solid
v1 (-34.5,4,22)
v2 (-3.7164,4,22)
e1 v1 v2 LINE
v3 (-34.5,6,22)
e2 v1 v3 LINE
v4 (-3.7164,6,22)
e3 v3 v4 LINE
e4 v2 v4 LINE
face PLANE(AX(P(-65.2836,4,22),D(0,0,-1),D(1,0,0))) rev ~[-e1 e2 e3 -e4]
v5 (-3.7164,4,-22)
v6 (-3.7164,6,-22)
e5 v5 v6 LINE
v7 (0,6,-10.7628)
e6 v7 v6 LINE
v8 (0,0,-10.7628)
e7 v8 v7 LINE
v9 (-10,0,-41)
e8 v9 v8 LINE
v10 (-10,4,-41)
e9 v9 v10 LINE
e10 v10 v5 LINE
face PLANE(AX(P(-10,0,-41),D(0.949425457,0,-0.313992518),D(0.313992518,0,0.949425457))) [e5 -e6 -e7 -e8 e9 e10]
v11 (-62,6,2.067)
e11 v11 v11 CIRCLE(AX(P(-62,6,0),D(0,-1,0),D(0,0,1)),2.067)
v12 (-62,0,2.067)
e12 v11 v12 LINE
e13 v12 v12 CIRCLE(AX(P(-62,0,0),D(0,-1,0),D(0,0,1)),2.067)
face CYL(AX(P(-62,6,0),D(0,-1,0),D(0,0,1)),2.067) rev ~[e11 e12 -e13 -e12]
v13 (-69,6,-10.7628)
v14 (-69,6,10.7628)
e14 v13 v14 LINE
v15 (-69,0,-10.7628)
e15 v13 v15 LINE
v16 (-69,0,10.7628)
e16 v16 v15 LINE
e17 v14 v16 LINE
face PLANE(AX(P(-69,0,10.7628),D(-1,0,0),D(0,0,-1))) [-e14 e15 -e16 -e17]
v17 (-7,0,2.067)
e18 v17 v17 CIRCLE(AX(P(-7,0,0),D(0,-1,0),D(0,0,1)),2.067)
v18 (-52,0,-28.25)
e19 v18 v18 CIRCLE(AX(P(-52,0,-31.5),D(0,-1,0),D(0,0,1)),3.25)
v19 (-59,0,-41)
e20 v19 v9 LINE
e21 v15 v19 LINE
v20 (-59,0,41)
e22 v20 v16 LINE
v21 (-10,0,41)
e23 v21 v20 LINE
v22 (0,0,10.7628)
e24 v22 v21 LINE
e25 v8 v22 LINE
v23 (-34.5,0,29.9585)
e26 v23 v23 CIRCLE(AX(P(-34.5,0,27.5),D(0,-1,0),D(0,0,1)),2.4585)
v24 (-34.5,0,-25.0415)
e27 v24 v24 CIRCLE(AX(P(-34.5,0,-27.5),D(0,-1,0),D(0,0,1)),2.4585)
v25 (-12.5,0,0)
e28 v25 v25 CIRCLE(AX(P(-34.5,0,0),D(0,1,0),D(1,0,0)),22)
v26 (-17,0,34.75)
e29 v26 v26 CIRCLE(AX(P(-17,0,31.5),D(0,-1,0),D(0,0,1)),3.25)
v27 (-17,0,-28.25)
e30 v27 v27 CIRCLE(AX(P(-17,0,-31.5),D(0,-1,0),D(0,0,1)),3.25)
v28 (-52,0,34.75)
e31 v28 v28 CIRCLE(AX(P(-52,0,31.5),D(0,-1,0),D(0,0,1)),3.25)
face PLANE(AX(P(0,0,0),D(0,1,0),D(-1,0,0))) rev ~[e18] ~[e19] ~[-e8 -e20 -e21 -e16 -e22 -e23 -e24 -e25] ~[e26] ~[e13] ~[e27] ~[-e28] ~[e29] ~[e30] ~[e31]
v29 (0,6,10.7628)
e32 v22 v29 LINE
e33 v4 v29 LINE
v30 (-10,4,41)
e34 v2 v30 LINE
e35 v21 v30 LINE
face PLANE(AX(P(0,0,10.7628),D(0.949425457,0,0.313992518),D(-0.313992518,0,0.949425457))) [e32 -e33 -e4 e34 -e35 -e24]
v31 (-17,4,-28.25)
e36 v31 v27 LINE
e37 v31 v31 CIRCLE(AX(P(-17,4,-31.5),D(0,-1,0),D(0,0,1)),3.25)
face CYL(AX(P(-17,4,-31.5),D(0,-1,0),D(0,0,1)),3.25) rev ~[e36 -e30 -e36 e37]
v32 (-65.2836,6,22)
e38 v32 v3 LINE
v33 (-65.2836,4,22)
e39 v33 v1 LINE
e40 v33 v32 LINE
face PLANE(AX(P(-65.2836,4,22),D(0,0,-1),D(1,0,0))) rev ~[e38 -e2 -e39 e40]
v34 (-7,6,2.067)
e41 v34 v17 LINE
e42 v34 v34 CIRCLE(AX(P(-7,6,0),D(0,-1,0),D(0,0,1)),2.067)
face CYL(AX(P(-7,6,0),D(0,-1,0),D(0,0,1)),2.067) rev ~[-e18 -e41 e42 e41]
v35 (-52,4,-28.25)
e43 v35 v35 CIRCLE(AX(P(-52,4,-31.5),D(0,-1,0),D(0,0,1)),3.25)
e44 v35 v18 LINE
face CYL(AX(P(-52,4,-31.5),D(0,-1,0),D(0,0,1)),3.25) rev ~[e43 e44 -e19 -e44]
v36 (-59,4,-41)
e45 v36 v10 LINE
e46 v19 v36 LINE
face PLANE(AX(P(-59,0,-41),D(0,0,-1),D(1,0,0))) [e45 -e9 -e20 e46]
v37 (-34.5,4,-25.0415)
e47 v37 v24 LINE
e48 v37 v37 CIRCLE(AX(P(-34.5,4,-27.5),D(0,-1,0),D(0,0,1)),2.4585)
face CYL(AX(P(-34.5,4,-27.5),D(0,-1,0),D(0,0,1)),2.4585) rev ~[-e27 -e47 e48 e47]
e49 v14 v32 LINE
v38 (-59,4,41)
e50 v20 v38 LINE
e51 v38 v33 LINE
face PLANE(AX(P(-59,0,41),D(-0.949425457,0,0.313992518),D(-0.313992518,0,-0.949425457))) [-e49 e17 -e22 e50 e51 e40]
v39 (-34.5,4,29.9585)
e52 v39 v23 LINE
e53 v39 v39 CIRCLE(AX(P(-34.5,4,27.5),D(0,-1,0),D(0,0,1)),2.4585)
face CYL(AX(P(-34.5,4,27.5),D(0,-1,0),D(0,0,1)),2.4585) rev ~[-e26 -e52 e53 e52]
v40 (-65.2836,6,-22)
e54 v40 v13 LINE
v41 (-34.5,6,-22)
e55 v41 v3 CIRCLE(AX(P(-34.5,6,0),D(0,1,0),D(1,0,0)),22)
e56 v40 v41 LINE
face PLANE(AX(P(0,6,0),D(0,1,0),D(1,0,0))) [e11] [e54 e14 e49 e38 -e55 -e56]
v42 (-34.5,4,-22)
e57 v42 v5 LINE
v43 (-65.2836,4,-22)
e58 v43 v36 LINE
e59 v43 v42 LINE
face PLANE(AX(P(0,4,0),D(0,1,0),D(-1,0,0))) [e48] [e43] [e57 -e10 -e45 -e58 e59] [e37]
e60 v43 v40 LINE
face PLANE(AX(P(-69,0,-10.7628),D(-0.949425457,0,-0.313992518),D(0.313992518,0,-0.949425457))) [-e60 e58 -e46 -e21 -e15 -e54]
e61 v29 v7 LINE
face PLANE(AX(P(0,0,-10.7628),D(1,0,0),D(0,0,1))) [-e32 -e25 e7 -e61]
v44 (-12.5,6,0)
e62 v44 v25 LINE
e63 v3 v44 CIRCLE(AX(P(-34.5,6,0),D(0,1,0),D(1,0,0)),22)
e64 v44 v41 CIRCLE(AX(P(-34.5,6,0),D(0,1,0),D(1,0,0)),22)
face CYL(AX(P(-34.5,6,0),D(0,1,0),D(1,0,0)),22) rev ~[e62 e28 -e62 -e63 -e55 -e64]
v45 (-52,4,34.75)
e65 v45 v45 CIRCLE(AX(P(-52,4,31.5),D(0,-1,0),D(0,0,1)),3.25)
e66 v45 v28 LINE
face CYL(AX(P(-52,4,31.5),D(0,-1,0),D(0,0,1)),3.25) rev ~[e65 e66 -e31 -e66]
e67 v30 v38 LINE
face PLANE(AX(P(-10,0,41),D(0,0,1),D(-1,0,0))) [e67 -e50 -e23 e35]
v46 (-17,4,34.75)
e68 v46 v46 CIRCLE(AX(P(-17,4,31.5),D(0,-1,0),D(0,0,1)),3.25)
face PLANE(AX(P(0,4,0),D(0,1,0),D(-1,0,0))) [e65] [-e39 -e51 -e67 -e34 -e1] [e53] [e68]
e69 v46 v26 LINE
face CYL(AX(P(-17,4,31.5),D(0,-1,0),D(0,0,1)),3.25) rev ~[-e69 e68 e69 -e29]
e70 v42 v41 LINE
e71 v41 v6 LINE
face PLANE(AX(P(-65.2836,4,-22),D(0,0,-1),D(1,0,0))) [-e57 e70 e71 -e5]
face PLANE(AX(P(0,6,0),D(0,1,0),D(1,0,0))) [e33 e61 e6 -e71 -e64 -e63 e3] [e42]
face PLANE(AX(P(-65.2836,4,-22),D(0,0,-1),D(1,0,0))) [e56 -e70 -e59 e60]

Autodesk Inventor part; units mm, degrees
ref_plane "YZ Plane" through (0, 0, 0) normal (1, 0, 0) x (0, 1, 0)
ref_plane "XZ Plane" through (0, 0, 0) normal (0, 1, 0) x (-1, 0, 0)
sketch "Skizze1" plane through (0, 0, 0) normal (0, 1, 0) x (-1, 0, 0)
  line L0 (0, 10.7628) -> (10, 41)
  line L1 (10, 41) -> (59, 41)
  line L2 (59, 41) -> (69, 10.7628)
  line L3 (69, 10.7628) -> (69, -10.7628)
  line L4 (69, -10.7628) -> (59, -41)
  line L5 (59, -41) -> (10, -41)
  line L6 (10, -41) -> (0, -10.7628)
  line L7 (0, -10.7628) -> (0, 10.7628)
  line L8 (34.5, 41) -> (34.5, -41) construction
  line L9 (0, 0) -> (92.3843, 0) construction
  dimension "d0" = 69
  dimension "d1" = 18.3
  dimension "d2" = 49
  dimension "d4" = 82
  dimension "d5" = 18.3
  dimension "d6" = 18.3
  dimension "d7" = 18.3
extrude "Extrusion1" add sketch "Skizze1" along normal blind 4
sketch "Skizze2" plane through (0, 4, 0) normal (0, 1, 0) x (1, 0, 0)
  line L0 (-69, -10.7628) -> (-59, -41) projected
  line L1 (-65.2836, -22) -> (-3.7164, -22)
  line L2 (-59, -41) -> (-10, -41) projected
  line L3 (-59, 41) -> (-69, 10.7628) projected
  line L4 (-65.2836, 22) -> (-3.7164, 22)
  line L5 (0, 10.7628) -> (-10, 41) projected
  line L6 (0, 0) -> (-69, 0) construction
  line L7 (-69, 10.7628) -> (-69, -10.7628) projected
  line L8 (0, -10.7628) -> (0, 10.7628) projected
  line L9 (-10, -41) -> (0, -10.7628) projected
  dimension "d10" = 44
extrude "Extrusion2" add sketch "Skizze2" along normal blind 2 contours L7 L3 L4 L5 L8 L9 L1 L0
sketch "Skizze3" plane through (0, 6, 0) normal (0, 1, 0) x (1, 0, 0)
  circle A0 centre (-34.5, 0) radius 22
  line L0 (0, -10.7628) -> (0, 10.7628) projected
  line L1 (-59, -41) -> (-10, -41) projected
  point P0 (0, 0)
  point P1 (0, 0)
  point P2 (-34.5, -41)
  dimension "d13" = 44
extrude "Extrusion3" cut sketch "Skizze3" against normal up to surface (6 mm away)
sketch "Skizze4" plane through (0, 4, 0) normal (0, 1, 0) x (1, 0, 0)
  line L0 (-10, 41) -> (-59, 41) projected
  line L1 (0, 0) -> (-69, 0) construction
  line L2 (-69, 10.7628) -> (-69, -10.7628) projected
  point P0 (-34.5, 27.5)
  point P1 (-34.5, -27.5)
  point P2 (-34.5, 41)
  dimension "d16" = 55
hole "Bohrung1" at (-34.5, 4, -27.5) at (-34.5, 4, 27.5) direction (0, -1, 0) diameter 4.917 end through all thread size "M6x1" class "6H" standard "ISO Metric profile"
sketch "Skizze5" plane through (0, 4, 0) normal (0, 1, 0) x (1, 0, 0)
  line L0 (-10, 41) -> (-59, 41) projected
  line L1 (-34.5, 41) -> (-34.5, 22) construction
  line L2 (0, 0) -> (-76.2503, 0) construction
  point P0 (-17, 31.5)
  point P1 (-52, 31.5)
  point P2 (-34.5, 31.5)
  point P3 (-17, -31.5)
  point P4 (-52, -31.5)
  dimension "d31" = 35
  dimension "d42" = 35
  dimension "d43" = 63
hole "Bohrung2" at (-17, 4, -31.5) at (-52, 4, -31.5) at (-17, 4, 31.5) at (-52, 4, 31.5) direction (0, -1, 0) diameter 6.5 end through all
sketch "Skizze6" plane through (0, 6, 0) normal (0, 1, 0) x (1, 0, 0)
  line L0 (0, -10.7628) -> (0, 10.7628) projected
  line L1 (-10, 41) -> (-59, 41) projected
  line L2 (-34.5, 41) -> (-34.5, -41) construction
  line L3 (-59, -41) -> (-10, -41) projected
  point P0 (0, 0)
  point P1 (-7, 0)
  point P2 (-62, 0)
  point P3 (0, 0)
  point P4 (0, 0)
  dimension "d33" = 55
hole "Bohrung3" at (-7, 6, 0) at (-62, 6, 0) direction (0, -1, 0) diameter 4.134 end through all thread size "M5x0.8" class "6H" standard "ISO Metric profile"
ref_plane "Arbeitsebene1" through (-10, 0, 0) normal (0, 0, -1) x (-1, 0, 0)
equation "\"d5\" = d1"
equation "\"d6\" = d1"
equation "\"d7\" = d6"
properties part number "HAlteplatte" material "Stahl, galvanisiert"
